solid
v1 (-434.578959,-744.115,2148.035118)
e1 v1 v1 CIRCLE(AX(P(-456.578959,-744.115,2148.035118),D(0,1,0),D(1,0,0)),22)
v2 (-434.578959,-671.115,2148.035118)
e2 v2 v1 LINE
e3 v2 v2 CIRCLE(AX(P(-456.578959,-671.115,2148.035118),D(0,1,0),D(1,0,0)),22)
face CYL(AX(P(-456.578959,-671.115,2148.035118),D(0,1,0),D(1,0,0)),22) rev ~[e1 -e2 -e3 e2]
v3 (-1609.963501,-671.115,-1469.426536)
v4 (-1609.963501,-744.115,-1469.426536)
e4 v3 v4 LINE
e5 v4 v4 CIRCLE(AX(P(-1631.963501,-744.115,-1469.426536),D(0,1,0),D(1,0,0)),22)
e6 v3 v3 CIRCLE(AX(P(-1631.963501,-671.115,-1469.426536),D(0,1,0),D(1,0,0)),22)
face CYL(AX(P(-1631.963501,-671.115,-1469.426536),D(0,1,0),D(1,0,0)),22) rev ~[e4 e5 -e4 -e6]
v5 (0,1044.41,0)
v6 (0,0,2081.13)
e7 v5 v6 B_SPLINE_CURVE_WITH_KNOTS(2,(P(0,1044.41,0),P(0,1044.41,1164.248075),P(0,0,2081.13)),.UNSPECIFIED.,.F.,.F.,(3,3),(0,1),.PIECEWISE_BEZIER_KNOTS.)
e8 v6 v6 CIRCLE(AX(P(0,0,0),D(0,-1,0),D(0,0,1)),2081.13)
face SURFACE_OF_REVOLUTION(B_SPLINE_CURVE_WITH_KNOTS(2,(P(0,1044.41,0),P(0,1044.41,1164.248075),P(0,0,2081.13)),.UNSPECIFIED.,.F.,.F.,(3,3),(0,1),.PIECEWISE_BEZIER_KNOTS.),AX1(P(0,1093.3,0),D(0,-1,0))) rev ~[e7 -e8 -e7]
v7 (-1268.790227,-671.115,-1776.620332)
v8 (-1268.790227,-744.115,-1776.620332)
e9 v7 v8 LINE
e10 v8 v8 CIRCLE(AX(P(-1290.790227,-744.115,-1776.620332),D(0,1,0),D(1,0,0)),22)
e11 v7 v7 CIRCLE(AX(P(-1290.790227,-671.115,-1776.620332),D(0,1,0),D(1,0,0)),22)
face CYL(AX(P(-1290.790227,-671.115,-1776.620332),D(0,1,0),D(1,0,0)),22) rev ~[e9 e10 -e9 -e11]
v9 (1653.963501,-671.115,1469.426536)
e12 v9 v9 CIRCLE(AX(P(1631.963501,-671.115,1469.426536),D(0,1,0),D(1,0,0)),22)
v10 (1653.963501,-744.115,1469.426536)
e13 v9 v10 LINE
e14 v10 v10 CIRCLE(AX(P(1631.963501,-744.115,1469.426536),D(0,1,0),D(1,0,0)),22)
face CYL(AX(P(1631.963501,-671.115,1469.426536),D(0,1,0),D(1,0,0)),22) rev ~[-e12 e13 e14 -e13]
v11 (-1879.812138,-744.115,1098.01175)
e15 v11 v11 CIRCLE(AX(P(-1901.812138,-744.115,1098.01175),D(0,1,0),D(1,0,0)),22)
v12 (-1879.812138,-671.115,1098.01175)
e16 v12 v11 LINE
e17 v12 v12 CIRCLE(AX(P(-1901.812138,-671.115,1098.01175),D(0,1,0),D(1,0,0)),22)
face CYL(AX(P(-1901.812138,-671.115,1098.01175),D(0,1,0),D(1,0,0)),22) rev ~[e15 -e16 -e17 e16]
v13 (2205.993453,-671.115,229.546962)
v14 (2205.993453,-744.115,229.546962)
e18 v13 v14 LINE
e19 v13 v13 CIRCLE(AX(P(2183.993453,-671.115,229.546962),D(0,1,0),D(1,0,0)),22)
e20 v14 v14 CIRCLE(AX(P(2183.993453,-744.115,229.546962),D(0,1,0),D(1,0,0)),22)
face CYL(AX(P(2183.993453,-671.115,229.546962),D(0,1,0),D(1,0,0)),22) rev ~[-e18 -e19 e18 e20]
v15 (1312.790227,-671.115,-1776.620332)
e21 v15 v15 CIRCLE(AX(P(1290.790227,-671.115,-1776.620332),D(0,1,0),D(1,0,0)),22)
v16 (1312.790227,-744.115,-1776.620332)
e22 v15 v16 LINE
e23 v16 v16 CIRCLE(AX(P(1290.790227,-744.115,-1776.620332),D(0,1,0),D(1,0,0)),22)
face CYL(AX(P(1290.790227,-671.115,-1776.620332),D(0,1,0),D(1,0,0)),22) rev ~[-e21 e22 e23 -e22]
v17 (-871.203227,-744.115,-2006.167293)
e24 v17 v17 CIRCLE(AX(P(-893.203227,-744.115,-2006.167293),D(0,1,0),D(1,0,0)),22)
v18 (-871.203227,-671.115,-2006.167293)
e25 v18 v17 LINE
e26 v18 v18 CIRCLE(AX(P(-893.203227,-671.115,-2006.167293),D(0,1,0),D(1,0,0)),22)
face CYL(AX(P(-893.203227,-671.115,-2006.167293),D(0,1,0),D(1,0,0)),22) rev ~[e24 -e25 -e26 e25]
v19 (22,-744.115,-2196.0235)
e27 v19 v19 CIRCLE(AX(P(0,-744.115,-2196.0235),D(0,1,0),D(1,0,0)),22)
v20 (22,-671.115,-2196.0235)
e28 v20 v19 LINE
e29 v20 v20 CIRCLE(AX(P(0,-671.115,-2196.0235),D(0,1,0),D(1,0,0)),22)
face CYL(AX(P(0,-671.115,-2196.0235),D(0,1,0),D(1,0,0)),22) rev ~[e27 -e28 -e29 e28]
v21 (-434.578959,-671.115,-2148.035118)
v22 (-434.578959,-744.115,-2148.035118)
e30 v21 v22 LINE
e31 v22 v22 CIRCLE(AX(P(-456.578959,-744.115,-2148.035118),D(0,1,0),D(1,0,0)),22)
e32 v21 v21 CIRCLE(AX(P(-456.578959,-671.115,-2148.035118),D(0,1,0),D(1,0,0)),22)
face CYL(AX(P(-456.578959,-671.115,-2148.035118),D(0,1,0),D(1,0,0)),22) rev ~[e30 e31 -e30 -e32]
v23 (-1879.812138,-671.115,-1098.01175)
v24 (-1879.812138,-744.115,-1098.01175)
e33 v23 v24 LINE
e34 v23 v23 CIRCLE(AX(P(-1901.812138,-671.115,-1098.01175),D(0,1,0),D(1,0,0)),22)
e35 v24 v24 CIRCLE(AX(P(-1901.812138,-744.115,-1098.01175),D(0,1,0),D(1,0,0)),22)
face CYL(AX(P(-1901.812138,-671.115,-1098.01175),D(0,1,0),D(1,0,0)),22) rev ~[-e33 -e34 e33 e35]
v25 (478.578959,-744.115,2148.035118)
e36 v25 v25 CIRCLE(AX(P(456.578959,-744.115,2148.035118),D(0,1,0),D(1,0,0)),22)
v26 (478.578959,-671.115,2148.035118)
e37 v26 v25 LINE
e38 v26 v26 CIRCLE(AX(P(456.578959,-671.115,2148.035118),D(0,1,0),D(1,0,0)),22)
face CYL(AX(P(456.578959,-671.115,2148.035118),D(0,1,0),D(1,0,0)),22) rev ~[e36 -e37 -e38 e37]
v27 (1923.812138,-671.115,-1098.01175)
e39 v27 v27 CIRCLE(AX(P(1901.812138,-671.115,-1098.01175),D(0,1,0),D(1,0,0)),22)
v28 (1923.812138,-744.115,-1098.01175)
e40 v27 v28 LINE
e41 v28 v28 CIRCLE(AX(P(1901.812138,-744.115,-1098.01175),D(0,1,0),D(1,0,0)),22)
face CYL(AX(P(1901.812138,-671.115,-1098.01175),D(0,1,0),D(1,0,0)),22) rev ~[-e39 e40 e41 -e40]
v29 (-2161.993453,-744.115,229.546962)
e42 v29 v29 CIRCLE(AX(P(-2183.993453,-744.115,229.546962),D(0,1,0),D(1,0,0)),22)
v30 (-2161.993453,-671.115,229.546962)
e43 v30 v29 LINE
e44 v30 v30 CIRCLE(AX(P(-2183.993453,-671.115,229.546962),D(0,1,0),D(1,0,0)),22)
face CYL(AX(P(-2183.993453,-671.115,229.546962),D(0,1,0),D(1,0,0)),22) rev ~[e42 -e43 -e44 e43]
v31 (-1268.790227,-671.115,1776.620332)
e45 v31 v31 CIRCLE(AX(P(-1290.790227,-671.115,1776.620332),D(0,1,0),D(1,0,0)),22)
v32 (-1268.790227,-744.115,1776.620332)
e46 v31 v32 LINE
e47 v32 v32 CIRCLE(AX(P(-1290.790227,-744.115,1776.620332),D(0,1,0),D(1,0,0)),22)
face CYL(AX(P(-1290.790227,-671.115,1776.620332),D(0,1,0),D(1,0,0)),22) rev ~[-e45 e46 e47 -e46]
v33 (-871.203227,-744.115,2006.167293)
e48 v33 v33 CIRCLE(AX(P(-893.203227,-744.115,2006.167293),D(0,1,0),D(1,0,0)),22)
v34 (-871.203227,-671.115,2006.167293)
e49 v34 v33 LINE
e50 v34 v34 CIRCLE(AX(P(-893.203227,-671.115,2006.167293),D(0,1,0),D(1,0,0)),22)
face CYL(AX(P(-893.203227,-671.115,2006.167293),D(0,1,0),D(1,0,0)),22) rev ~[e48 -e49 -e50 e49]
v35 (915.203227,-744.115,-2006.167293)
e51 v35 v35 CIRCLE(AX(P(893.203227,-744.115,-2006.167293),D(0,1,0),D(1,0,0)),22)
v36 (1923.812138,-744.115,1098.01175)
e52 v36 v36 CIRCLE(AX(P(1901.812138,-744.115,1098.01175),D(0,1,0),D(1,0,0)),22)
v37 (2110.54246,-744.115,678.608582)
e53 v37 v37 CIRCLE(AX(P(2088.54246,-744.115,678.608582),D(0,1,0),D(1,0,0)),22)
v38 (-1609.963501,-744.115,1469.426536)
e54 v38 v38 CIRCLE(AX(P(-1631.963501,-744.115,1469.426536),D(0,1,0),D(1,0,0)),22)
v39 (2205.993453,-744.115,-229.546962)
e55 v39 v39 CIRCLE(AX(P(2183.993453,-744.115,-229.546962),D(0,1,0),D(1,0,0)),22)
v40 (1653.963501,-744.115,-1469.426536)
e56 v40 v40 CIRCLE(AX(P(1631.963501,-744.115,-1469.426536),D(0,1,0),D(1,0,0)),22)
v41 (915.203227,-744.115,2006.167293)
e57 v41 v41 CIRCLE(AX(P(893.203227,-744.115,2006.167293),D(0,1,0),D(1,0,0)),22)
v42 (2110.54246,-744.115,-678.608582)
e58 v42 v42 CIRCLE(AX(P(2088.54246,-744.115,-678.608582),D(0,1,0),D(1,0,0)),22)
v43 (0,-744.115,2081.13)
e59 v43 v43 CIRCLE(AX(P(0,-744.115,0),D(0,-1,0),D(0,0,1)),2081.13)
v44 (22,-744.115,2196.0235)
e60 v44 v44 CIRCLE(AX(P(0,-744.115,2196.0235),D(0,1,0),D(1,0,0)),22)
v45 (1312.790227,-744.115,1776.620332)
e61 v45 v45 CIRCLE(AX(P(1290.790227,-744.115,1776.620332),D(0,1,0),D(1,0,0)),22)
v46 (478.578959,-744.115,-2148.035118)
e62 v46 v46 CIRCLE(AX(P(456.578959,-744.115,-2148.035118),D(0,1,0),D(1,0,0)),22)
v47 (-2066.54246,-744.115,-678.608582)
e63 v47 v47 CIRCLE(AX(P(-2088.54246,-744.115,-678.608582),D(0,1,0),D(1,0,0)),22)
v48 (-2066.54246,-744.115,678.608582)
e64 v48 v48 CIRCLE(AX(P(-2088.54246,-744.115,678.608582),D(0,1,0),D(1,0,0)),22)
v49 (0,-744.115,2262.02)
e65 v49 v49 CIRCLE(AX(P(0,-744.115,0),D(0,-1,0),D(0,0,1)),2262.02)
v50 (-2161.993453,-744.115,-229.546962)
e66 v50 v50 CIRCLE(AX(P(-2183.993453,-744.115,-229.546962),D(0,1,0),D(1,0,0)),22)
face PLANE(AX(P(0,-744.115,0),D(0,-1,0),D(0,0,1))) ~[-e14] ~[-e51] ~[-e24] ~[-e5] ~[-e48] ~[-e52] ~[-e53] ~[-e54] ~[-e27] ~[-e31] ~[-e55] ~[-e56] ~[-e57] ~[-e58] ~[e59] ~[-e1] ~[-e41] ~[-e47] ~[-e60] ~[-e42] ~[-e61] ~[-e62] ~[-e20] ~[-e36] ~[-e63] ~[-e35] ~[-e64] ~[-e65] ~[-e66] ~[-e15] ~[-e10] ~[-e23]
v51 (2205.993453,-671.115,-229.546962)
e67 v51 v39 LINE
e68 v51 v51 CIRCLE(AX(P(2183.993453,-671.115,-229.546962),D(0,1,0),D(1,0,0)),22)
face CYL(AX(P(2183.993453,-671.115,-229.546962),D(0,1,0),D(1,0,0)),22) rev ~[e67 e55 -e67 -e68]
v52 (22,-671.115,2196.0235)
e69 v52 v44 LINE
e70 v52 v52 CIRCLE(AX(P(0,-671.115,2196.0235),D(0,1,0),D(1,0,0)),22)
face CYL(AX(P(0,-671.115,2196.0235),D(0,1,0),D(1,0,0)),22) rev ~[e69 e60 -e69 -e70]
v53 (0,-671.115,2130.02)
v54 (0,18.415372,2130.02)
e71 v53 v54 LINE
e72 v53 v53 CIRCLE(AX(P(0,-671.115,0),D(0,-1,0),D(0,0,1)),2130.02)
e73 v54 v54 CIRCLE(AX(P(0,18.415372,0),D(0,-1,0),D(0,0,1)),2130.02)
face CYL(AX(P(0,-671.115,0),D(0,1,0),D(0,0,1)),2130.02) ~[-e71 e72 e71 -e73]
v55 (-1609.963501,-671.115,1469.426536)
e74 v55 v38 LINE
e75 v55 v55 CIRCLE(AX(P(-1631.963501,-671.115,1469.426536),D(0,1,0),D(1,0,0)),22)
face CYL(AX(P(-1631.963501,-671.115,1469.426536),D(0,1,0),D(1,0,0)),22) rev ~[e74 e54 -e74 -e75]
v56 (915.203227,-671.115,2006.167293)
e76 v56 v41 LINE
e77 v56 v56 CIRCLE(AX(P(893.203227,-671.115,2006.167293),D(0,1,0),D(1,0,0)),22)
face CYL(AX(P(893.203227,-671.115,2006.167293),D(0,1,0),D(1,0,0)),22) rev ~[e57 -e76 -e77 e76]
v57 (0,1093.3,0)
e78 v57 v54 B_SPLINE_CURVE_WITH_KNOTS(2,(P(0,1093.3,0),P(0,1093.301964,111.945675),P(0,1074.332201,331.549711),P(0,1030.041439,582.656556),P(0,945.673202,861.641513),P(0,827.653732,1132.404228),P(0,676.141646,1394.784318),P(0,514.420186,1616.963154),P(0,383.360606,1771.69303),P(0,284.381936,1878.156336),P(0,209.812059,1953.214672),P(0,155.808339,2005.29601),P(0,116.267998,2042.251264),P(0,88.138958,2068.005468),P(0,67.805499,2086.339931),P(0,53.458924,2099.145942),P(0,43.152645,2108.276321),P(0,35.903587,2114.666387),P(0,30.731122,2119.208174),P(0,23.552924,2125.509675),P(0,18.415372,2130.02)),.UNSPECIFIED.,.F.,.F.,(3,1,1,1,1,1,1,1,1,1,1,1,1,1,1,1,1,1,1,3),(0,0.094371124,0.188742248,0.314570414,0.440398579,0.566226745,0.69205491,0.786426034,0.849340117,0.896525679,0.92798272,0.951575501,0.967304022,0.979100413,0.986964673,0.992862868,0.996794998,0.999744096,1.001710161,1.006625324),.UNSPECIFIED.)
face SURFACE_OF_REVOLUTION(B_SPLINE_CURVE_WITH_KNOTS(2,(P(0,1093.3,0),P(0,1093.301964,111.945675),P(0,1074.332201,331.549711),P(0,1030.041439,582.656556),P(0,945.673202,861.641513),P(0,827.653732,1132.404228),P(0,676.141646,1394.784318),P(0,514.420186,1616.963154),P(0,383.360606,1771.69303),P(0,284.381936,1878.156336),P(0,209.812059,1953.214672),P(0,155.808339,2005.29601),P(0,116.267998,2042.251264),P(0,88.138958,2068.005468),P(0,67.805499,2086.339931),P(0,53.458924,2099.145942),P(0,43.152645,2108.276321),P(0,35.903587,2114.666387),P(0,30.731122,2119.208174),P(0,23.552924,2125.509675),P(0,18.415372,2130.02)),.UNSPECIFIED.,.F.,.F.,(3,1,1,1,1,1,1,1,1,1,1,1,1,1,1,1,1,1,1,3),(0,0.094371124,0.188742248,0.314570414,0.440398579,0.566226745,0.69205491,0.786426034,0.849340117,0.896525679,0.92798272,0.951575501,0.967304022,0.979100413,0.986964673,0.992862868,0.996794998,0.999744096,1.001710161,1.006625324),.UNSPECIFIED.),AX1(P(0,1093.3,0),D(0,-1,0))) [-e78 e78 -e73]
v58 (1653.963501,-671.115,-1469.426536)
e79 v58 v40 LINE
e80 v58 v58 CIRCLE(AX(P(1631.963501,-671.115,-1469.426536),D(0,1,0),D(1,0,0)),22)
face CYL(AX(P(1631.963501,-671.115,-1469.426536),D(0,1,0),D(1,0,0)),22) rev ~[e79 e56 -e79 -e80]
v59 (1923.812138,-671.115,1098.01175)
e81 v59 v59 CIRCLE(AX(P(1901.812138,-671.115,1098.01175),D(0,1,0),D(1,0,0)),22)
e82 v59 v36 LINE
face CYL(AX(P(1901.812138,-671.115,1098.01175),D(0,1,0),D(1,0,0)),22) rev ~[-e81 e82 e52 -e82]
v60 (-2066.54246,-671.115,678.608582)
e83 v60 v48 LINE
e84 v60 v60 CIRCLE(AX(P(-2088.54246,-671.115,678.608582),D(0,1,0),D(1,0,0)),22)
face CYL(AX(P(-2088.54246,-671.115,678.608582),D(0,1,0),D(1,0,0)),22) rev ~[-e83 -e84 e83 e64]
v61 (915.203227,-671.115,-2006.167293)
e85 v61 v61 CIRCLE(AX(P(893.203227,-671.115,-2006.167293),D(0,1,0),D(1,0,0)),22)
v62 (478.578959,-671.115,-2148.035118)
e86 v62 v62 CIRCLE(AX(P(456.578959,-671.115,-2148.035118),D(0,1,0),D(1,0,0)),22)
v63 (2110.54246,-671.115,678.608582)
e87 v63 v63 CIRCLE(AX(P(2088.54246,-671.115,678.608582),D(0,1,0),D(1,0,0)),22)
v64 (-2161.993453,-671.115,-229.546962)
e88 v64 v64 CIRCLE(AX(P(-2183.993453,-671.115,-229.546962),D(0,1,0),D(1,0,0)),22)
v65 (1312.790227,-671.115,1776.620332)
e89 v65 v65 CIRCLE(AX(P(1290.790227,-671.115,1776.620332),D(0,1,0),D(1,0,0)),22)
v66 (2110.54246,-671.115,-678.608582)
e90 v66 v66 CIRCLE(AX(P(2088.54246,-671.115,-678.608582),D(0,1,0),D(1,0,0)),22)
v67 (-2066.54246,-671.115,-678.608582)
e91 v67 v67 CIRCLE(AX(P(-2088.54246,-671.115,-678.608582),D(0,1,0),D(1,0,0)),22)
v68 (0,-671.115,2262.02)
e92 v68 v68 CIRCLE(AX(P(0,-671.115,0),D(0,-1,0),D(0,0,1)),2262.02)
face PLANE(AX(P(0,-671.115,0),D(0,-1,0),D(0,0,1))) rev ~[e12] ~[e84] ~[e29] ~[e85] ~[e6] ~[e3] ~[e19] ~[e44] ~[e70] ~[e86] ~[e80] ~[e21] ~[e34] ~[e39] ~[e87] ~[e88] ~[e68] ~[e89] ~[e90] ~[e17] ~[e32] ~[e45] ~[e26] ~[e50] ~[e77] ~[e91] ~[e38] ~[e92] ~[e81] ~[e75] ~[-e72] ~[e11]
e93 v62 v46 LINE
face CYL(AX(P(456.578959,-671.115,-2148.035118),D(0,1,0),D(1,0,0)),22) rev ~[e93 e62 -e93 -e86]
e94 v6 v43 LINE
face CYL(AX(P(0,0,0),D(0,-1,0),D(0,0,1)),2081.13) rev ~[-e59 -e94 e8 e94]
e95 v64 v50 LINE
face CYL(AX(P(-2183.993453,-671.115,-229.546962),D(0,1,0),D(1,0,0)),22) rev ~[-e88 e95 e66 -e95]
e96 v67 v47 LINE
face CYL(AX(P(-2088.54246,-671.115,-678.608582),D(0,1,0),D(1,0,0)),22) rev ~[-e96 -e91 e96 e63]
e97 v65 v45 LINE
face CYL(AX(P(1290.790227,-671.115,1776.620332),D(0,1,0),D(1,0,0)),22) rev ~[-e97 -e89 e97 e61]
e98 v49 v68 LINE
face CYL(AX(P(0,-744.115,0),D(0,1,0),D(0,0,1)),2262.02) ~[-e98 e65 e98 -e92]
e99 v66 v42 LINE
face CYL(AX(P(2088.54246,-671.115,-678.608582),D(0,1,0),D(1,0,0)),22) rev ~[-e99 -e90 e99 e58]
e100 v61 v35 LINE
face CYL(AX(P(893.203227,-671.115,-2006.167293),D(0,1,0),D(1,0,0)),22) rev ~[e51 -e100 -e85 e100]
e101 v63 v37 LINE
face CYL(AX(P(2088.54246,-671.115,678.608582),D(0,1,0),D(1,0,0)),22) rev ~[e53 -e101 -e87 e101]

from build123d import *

# Parameters (mm, degrees)
SKETCH2_R          = 22
CUT_EXTRUDE1_DEPTH = 73


with BuildPart() as part:
    # Sketch1 → Revolve1 (revolve)
    with BuildSketch(Plane(origin=(0, 0, 0), x_dir=(0, 0, -1), z_dir=(1, 0, 0))):
        with BuildLine():
            Line((-2081.13, 0), (-2081.13, -744.115))
            Line((-2081.13, -744.115), (-2262.02, -744.115))
            Line((-2262.02, -744.115), (-2262.02, -671.115))
            Line((-2262.02, -671.115), (-2130.02, -671.115))
            Line((-2130.02, -671.115), (-2130.02, 18.415372076))
            add(Edge.make_bspline(
                [(0, 1093.3), (-111.945674729, 1093.301964169), (-331.549711188, 1074.332200736), (-582.656555599, 1030.041438516), (-861.641512528, 945.67320197), (-1132.404227913, 827.653731699), (-1394.784318246, 676.14164624), (-1616.963153693, 514.420185996), (-1771.693030405, 383.360606327), (-1878.156335698, 284.381935555), (-1953.214672008, 209.812058966), (-2005.296009742, 155.808339202), (-2042.251263633, 116.267998019), (-2068.005468178, 88.138958469), (-2086.339931254, 67.805498907), (-2099.145942337, 53.458924443), (-2108.276321328, 43.152645167), (-2114.666386739, 35.903586551), (-2119.208174357, 30.731122283), (-2125.509674702, 23.552924448), (-2130.02, 18.415372076)],
                knots=[0, 0, 0, 0.094371124, 0.188742248, 0.314570414, 0.440398579, 0.566226745, 0.69205491, 0.786426034, 0.849340117, 0.896525679, 0.92798272, 0.951575501, 0.967304022, 0.979100413, 0.986964673, 0.992862868, 0.996794998, 0.999744096, 1.001710161, 1.006625324, 1.006625324, 1.006625324], degree=2))
            Line((0, 1093.3), (0, 1044.41))
            add(Edge.make_bspline(
                [(0, 1044.41), (-1164.248075476, 1044.41), (-2081.13, 0)],
                knots=[0, 0, 0, 1, 1, 1], degree=2))
        make_face()
    revolve(axis=Axis((0, 1093.3, 0), (0, -1, 0)))

    # Sketch2 → Cut-Extrude1 (cut)
    with BuildSketch(Plane(origin=(0, -671.115, 0), x_dir=(1, 0, 0), z_dir=(0, 1, 0))):
        with Locations((0, 2196.0235)):
            Circle(SKETCH2_R)
        with Locations((456.578958961, 2148.03511768)):
            Circle(SKETCH2_R)
        with Locations((893.203226506, 2006.167293301)):
            Circle(SKETCH2_R)
        with Locations((1290.790226988, 1776.620331547)):
            Circle(SKETCH2_R)
        with Locations((1631.963500652, 1469.426536133)):
            Circle(SKETCH2_R)
        with Locations((1901.812138308, 1098.01175)):
            Circle(SKETCH2_R)
        with Locations((2088.542459612, 678.608581547)):
            Circle(SKETCH2_R)
        with Locations((2183.993453493, 229.546961755)):
            Circle(SKETCH2_R)
        with Locations((2183.993453493, -229.546961755)):
            Circle(SKETCH2_R)
        with Locations((2088.542459612, -678.608581547)):
            Circle(SKETCH2_R)
        with Locations((1901.812138308, -1098.01175)):
            Circle(SKETCH2_R)
        with Locations((1631.963500652, -1469.426536133)):
            Circle(SKETCH2_R)
        with Locations((1290.790226988, -1776.620331547)):
            Circle(SKETCH2_R)
        with Locations((893.203226506, -2006.167293301)):
            Circle(SKETCH2_R)
        with Locations((456.578958961, -2148.03511768)):
            Circle(SKETCH2_R)
        with Locations((0, -2196.0235)):
            Circle(SKETCH2_R)
        with Locations((-456.57895896, -2148.03511768)):
            Circle(SKETCH2_R)
        with Locations((-893.203226505, -2006.167293301)):
            Circle(SKETCH2_R)
        with Locations((-1290.790226988, -1776.620331547)):
            Circle(SKETCH2_R)
        with Locations((-1631.963500652, -1469.426536133)):
            Circle(SKETCH2_R)
        with Locations((-1901.812138308, -1098.01175)):
            Circle(SKETCH2_R)
        with Locations((-2088.542459612, -678.608581547)):
            Circle(SKETCH2_R)
        with Locations((-2183.993453493, -229.546961755)):
            Circle(SKETCH2_R)
        with Locations((-2183.993453493, 229.546961755)):
            Circle(SKETCH2_R)
        with Locations((-2088.542459612, 678.608581547)):
            Circle(SKETCH2_R)
        with Locations((-1901.812138308, 1098.01175)):
            Circle(SKETCH2_R)
        with Locations((-1631.963500652, 1469.426536133)):
            Circle(SKETCH2_R)
        with Locations((-1290.790226988, 1776.620331547)):
            Circle(SKETCH2_R)
        with Locations((-893.203226506, 2006.167293301)):
            Circle(SKETCH2_R)
        with Locations((-456.578958961, 2148.03511768)):
            Circle(SKETCH2_R)
    extrude(amount=-CUT_EXTRUDE1_DEPTH, mode=Mode.SUBTRACT)


solid = part.part
